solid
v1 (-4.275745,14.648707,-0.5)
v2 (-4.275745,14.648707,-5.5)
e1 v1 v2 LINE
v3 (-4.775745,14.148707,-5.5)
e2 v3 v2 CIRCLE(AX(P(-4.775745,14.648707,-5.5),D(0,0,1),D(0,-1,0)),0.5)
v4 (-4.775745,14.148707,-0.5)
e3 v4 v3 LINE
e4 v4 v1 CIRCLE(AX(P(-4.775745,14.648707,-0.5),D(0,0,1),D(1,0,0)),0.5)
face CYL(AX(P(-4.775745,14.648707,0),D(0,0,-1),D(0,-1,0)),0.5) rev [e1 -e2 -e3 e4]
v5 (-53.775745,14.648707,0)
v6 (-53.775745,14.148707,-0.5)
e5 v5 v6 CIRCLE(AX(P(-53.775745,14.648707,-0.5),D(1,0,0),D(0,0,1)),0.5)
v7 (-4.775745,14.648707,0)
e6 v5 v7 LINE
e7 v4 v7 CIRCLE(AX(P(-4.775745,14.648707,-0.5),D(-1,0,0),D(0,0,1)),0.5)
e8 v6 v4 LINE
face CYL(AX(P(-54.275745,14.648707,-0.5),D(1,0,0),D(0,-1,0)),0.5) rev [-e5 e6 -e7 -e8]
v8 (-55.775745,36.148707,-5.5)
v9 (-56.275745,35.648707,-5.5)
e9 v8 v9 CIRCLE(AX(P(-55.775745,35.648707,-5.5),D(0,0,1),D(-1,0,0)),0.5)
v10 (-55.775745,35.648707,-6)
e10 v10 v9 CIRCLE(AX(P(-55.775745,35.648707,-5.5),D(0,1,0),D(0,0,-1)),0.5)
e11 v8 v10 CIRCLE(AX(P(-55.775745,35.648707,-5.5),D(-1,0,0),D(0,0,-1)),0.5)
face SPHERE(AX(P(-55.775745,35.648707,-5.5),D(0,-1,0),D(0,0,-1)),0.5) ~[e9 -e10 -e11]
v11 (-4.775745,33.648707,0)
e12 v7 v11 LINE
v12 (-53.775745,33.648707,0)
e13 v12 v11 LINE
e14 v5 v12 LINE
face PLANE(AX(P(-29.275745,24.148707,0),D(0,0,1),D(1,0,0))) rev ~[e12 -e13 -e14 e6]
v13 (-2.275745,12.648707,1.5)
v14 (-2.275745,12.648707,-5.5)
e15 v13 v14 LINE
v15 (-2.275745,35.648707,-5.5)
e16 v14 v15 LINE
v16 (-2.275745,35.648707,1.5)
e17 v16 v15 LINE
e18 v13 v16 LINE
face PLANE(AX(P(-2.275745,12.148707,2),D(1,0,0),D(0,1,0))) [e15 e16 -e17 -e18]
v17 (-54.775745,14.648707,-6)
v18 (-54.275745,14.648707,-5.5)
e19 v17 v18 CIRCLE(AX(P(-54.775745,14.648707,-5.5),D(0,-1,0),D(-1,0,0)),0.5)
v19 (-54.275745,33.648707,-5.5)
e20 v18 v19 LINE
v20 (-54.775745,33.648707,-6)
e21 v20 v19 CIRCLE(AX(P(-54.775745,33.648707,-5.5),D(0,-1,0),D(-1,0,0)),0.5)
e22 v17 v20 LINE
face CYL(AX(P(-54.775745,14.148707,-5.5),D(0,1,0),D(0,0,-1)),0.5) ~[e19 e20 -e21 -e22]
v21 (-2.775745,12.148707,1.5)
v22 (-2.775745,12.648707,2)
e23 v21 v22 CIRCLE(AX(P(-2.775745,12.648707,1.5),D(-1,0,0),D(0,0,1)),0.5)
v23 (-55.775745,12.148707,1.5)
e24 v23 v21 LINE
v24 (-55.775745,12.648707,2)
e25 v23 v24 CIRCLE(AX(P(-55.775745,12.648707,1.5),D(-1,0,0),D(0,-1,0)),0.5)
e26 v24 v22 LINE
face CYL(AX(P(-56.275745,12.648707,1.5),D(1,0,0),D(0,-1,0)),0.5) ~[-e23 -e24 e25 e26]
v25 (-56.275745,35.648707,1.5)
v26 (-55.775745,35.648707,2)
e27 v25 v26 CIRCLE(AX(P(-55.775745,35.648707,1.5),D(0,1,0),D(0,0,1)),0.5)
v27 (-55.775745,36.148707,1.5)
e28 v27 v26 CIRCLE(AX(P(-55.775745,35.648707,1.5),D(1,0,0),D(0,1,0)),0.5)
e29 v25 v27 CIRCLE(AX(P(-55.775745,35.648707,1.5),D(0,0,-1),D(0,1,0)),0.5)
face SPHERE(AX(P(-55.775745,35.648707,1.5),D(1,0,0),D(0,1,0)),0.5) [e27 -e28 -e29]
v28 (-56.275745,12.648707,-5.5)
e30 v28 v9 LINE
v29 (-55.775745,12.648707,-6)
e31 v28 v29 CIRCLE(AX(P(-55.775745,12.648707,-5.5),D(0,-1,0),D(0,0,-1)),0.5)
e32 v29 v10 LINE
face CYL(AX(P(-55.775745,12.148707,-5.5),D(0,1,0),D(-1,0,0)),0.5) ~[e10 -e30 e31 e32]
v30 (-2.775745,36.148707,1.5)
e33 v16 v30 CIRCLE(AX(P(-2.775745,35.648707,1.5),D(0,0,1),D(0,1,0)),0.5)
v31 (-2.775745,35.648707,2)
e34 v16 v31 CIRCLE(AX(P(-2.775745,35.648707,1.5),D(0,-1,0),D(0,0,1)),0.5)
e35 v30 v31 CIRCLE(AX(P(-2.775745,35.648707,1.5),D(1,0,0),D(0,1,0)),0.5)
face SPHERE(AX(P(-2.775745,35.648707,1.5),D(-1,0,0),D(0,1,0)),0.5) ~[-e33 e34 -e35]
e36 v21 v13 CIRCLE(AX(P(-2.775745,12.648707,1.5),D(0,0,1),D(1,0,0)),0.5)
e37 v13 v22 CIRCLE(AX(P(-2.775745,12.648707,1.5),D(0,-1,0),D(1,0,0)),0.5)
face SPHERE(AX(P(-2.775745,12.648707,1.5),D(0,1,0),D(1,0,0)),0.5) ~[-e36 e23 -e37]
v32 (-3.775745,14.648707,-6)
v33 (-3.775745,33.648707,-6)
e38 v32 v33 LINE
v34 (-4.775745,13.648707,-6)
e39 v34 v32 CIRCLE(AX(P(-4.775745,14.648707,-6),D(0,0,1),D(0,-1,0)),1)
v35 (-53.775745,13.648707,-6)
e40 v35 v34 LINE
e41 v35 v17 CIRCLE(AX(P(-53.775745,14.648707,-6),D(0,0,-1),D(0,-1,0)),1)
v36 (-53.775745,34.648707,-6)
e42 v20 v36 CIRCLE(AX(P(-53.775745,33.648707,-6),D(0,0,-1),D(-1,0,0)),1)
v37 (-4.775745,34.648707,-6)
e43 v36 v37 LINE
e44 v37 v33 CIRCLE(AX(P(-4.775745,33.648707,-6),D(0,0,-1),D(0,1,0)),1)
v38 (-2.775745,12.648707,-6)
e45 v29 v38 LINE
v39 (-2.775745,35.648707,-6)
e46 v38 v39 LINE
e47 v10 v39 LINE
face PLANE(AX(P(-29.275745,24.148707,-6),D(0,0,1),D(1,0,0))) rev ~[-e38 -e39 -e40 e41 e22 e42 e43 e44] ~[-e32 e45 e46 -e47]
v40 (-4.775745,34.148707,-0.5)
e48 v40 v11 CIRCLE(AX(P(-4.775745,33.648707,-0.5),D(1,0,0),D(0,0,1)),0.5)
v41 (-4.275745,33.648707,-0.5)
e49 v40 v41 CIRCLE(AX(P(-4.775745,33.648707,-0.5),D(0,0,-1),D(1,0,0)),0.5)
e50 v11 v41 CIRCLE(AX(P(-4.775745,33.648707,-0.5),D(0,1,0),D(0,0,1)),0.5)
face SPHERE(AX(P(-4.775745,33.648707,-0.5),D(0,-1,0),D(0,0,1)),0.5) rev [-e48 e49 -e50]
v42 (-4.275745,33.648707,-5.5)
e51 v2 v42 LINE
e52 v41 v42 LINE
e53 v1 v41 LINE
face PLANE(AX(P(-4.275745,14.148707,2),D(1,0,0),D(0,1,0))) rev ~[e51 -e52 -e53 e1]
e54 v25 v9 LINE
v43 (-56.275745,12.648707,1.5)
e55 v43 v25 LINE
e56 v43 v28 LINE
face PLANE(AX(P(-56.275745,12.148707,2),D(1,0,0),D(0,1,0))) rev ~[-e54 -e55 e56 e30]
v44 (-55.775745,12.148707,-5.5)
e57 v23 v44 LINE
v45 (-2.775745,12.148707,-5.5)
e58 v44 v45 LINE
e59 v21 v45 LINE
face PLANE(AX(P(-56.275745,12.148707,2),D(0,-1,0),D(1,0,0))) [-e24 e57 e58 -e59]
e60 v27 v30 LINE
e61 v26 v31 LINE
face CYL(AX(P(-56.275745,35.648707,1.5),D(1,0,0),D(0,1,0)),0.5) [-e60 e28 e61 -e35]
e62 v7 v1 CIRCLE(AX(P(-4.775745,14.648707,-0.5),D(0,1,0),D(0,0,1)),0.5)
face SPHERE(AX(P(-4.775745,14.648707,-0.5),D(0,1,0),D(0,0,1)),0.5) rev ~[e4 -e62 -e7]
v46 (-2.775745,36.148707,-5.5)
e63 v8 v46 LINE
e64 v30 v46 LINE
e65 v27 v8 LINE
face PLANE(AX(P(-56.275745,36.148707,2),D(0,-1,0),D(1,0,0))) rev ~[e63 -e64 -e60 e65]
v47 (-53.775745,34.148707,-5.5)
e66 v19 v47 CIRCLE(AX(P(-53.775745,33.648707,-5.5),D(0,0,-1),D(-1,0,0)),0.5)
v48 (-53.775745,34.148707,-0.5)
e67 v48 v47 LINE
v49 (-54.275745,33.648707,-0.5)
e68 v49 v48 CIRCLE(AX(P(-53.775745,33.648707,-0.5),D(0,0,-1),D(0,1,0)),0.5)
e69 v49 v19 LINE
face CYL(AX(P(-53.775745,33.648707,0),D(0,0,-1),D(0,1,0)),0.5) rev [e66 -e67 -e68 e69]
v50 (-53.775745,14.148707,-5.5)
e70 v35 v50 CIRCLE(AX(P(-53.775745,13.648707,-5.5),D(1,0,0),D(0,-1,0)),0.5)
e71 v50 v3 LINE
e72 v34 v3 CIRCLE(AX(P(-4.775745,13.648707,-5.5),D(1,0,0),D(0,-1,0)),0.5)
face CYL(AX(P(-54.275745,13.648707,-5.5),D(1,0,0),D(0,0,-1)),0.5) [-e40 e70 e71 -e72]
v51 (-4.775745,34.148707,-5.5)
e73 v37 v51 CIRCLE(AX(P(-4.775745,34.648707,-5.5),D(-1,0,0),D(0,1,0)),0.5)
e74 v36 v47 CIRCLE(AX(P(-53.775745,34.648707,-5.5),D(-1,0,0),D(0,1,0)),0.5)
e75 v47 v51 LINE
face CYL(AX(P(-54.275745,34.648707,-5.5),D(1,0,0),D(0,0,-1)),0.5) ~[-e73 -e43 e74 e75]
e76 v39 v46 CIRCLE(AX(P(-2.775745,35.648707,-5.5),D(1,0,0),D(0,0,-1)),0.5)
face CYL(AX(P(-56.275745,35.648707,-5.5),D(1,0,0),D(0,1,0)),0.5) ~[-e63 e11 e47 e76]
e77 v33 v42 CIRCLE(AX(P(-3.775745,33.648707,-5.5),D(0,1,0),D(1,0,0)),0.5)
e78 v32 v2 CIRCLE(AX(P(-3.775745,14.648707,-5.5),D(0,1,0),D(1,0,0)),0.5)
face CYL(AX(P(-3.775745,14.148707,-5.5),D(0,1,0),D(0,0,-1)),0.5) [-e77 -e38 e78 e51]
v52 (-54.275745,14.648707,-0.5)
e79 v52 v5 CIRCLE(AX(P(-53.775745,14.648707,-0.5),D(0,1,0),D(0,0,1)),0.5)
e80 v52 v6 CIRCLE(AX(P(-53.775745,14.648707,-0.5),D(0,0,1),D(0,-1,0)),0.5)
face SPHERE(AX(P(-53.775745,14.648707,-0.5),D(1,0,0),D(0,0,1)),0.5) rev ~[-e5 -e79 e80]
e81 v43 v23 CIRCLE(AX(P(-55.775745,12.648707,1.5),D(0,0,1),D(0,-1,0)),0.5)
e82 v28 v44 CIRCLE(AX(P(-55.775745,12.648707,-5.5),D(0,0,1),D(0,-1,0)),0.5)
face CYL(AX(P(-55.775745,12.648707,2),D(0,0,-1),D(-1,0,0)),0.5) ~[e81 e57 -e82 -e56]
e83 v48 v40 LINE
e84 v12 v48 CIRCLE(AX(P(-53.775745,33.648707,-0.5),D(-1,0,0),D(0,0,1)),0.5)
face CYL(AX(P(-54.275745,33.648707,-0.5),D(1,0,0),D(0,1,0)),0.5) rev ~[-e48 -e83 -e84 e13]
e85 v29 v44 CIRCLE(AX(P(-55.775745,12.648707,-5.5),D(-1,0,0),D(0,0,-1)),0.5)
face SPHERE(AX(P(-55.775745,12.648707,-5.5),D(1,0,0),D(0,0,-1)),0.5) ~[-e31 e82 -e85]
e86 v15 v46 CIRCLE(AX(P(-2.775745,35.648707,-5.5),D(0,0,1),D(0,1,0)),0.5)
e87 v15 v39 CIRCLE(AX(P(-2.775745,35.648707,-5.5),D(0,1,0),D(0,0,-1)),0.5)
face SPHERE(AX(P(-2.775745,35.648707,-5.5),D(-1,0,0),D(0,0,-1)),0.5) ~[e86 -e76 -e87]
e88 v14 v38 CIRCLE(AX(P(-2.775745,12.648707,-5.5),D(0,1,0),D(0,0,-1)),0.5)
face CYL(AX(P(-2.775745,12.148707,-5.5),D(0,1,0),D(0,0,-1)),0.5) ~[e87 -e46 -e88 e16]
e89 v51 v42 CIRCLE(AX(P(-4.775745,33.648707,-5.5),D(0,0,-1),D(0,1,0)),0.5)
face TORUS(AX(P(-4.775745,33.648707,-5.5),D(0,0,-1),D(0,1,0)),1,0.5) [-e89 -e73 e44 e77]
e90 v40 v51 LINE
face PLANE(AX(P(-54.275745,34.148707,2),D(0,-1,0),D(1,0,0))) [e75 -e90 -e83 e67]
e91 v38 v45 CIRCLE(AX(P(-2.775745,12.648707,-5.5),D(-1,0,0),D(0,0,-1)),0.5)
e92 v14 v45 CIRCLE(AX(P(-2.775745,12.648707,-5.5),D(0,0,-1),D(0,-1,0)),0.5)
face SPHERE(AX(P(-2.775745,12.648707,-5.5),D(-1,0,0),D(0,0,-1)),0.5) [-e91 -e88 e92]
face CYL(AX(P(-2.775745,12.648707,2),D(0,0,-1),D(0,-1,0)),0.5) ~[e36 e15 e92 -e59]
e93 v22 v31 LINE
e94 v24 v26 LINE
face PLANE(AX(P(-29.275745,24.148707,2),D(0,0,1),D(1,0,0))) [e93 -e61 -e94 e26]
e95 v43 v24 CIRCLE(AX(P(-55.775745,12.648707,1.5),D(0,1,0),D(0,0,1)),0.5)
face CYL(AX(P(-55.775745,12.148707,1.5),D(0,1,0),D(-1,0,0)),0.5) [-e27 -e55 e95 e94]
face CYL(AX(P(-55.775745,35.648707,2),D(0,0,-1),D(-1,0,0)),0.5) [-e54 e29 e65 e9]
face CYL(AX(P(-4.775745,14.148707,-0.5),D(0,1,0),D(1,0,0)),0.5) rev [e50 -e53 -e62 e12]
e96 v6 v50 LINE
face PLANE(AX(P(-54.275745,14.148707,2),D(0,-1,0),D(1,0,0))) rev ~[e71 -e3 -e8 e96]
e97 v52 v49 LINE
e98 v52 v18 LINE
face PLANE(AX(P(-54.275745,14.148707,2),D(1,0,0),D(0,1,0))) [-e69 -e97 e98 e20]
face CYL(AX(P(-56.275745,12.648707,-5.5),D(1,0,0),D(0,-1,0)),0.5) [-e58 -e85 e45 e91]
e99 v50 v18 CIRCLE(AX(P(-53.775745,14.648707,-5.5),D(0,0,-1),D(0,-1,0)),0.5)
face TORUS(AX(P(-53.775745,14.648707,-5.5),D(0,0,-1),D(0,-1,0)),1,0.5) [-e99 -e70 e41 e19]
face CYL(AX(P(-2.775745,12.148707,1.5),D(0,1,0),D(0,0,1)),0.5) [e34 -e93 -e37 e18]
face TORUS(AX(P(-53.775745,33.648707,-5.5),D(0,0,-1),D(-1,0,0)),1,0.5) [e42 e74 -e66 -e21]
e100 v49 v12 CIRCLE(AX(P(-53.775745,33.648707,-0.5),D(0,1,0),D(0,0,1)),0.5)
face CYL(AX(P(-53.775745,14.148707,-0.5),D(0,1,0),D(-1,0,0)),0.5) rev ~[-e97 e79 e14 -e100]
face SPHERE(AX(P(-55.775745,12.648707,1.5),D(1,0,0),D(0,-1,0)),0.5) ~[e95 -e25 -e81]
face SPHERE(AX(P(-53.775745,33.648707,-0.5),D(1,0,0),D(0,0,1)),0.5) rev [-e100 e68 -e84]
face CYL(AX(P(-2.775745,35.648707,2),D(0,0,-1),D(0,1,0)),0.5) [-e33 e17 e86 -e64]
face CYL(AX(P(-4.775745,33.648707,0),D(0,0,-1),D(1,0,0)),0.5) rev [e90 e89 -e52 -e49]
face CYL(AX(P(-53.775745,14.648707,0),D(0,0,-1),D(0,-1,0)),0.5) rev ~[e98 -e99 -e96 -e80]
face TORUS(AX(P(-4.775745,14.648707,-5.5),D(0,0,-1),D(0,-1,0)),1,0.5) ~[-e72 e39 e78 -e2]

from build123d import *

# Parameters (mm, degrees)
F0_W     = 50
F0_H     = 20
F1_DEPTH = 2
F2_W     = 54
F2_H     = 24
F2_W_2   = 50
F2_H_2   = 20
F3_DEPTH = 8
F4_R     = 0.5


with BuildPart() as f1:
    # F0 (on Top) → F1 (new body)
    with BuildSketch(Plane.XY):
        with Locations((-29.275745, 24.148707)):
            Rectangle(F0_W, F0_H)
    extrude(amount=F1_DEPTH)

    # F2 (on face) → F3 (join)
    with BuildSketch(Plane.XY.offset(2)):
        with Locations((-29.275745, 24.148707)):
            Rectangle(F2_W, F2_H)
        with Locations((-29.275745, 24.148707)):
            Rectangle(F2_W_2, F2_H_2, mode=Mode.SUBTRACT)
    extrude(amount=-F3_DEPTH)

    # F4
    f4_edges = [f1.edges().sort_by_distance(p)[0] for p in [
        (-29.275745, 12.148707, -6),
        (-29.275745, 14.148707, -6),
        (-56.275745, 24.148707, -6),
        (-54.275745, 24.148707, -6),
        (-29.275745, 36.148707, -6),
        (-29.275745, 34.148707, -6),
        (-4.275745, 24.148707, -6),
        (-2.275745, 24.148707, -6),
        (-4.275745, 24.148707, 0),
        (-29.275745, 14.148707, 0),
        (-4.275745, 14.148707, -3),
        (-29.275745, 34.148707, 0),
        (-4.275745, 34.148707, -3),
        (-54.275745, 24.148707, 0),
        (-54.275745, 34.148707, -3),
        (-54.275745, 14.148707, -3),
        (-29.275745, 36.148707, 2),
        (-2.275745, 36.148707, -2),
        (-2.275745, 24.148707, 2),
        (-2.275745, 12.148707, -2),
        (-29.275745, 12.148707, 2),
        (-56.275745, 12.148707, -2),
        (-56.275745, 36.148707, -2),
        (-56.275745, 24.148707, 2),
    ]]
    fillet(f4_edges, radius=F4_R)


solid = f1.part
